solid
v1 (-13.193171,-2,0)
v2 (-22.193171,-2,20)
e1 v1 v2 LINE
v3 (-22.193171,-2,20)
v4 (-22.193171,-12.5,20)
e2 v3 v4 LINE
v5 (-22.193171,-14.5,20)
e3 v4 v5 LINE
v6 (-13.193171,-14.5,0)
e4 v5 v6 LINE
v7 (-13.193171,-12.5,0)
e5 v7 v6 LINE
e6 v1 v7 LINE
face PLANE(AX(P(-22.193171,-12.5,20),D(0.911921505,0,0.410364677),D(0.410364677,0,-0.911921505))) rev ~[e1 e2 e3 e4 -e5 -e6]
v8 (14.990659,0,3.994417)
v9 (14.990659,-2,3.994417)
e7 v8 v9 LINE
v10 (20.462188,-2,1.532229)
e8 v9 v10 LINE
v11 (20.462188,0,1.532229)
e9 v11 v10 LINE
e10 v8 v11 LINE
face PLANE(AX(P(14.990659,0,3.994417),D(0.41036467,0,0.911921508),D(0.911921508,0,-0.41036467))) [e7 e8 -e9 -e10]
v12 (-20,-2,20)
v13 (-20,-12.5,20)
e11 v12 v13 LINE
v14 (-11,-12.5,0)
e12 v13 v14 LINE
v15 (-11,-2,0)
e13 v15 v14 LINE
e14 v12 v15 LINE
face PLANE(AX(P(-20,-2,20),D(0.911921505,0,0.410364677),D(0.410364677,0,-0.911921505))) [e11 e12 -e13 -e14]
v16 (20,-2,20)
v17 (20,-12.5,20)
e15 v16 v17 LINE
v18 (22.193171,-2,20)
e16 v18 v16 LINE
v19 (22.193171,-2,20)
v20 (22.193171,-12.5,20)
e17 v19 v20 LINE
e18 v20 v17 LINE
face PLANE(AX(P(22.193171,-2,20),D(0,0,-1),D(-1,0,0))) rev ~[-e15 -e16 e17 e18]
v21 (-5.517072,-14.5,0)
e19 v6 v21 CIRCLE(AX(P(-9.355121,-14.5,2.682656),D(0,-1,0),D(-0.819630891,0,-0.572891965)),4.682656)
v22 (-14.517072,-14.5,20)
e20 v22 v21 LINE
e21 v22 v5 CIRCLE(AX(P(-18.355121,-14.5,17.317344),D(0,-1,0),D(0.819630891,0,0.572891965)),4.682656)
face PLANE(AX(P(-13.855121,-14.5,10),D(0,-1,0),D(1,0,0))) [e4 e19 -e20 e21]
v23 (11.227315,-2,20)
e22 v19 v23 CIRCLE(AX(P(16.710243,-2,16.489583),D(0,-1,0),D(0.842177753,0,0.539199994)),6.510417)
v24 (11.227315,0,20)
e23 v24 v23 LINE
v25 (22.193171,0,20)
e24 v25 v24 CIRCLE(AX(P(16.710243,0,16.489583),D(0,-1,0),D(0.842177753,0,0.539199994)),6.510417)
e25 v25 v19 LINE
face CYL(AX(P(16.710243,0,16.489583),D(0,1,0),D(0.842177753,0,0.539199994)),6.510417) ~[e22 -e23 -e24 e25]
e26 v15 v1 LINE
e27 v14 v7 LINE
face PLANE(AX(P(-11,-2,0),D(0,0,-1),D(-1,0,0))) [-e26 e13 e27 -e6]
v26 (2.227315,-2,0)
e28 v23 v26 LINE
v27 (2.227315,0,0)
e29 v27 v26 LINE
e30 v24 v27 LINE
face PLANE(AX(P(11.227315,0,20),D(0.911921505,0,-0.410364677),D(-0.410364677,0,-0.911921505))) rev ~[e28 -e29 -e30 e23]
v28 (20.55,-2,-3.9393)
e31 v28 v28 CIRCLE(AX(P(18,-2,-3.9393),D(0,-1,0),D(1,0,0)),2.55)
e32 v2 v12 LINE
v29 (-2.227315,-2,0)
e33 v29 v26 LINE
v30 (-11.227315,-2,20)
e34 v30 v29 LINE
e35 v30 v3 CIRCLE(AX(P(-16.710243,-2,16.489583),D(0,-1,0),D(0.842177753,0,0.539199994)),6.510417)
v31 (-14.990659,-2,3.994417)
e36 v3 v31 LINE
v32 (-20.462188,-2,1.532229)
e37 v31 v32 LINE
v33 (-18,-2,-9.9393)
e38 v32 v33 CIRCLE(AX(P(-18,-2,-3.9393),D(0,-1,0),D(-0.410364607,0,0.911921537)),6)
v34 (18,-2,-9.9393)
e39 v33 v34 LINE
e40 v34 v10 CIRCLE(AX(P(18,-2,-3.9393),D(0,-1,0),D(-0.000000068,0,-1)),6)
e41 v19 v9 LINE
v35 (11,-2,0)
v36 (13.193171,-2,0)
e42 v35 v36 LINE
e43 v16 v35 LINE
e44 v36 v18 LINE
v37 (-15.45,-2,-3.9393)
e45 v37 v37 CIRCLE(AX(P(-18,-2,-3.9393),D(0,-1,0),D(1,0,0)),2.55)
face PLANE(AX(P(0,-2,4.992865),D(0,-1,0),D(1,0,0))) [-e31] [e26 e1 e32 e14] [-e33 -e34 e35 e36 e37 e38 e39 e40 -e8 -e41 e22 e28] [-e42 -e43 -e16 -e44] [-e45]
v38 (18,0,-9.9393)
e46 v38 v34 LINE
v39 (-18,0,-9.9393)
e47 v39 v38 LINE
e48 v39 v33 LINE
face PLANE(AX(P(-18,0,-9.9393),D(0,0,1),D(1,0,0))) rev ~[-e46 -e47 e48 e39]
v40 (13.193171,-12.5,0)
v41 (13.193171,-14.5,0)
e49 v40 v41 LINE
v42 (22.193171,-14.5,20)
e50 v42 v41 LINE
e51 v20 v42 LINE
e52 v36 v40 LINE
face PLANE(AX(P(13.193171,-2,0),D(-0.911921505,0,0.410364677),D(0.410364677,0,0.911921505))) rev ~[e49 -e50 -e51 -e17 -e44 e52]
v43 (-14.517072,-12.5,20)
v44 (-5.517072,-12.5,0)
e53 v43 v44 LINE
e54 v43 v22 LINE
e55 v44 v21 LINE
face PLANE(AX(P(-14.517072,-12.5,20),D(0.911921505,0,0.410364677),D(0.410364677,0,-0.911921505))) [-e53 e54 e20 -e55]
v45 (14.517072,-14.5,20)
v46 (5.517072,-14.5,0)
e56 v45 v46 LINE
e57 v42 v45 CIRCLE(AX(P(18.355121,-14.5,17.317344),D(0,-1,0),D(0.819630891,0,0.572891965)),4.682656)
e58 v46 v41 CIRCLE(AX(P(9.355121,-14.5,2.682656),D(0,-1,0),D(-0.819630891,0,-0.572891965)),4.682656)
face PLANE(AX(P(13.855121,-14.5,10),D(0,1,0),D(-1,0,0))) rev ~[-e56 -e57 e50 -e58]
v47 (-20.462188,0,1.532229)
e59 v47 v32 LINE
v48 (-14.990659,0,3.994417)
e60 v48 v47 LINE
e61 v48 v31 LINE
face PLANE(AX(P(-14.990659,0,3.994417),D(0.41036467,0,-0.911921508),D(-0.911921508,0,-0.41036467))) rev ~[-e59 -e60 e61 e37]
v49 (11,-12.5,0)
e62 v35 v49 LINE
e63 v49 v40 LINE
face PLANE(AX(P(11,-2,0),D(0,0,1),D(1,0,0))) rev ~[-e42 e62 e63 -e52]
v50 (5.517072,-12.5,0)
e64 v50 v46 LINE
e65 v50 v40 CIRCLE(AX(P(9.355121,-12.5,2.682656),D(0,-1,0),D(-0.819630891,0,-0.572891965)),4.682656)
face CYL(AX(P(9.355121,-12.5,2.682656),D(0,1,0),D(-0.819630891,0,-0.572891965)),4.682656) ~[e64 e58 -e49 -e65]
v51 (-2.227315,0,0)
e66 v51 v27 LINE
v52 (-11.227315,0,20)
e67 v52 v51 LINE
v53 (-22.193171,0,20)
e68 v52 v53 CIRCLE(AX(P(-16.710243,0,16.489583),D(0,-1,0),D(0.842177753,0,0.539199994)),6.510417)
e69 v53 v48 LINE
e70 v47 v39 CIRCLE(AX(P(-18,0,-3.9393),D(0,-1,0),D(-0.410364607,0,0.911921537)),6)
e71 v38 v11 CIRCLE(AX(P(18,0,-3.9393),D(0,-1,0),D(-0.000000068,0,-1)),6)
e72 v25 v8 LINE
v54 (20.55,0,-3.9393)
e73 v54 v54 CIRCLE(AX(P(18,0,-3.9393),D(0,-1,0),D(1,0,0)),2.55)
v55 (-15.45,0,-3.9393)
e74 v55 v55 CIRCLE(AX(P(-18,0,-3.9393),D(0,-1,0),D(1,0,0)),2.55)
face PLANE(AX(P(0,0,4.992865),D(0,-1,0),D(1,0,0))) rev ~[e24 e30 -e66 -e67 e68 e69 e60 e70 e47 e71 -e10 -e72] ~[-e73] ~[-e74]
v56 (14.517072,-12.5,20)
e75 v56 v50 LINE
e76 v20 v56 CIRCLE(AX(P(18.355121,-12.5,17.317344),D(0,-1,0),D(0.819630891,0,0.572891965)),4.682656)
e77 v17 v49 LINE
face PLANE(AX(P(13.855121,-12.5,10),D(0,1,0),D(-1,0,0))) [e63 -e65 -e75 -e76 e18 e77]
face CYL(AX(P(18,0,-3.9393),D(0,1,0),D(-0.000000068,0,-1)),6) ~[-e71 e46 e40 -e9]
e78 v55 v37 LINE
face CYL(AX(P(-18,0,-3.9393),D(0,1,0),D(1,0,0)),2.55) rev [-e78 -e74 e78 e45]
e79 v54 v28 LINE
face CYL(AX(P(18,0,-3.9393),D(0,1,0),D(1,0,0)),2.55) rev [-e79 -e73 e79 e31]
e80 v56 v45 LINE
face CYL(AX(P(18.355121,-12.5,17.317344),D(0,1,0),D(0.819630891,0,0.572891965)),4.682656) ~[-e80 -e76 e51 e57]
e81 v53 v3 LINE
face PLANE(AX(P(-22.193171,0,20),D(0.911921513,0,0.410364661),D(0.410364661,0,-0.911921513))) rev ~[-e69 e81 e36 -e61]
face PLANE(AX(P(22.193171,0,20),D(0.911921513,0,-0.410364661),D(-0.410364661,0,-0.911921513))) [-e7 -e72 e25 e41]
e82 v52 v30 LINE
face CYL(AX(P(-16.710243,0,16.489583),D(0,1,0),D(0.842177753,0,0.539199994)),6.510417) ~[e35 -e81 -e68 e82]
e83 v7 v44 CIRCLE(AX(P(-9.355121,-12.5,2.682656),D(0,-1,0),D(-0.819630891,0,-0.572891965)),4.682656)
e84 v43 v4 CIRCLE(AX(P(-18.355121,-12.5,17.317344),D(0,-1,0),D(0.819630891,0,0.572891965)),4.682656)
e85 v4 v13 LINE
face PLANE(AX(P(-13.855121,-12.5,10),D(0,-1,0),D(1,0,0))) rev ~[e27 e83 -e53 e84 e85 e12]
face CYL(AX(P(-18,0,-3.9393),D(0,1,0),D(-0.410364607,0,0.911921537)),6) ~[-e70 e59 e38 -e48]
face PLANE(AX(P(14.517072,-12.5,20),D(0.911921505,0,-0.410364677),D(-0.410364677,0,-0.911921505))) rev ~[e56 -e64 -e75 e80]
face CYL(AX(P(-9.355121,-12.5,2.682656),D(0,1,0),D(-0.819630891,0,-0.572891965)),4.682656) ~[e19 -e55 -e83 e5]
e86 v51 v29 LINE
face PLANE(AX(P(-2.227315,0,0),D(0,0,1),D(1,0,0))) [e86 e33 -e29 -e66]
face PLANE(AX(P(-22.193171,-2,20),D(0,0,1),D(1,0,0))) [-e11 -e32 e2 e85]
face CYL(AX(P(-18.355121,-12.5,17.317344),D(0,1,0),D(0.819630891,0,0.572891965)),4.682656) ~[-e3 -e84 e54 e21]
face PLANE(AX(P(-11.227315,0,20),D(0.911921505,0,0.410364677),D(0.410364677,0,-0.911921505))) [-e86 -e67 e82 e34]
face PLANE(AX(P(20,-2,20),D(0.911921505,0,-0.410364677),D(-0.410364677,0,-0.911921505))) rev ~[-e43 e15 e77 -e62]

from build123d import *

# Parameters (mm, degrees)
SKETCH_R     = 2.55
PAD_DEPTH    = 2
PAD001_DEPTH = 10.5
PAD002_DEPTH = 2


with BuildPart() as part:
    # Sketch → Pad (new body)
    with BuildSketch(Plane.XZ):
        with BuildLine():
            Line((-22.193171, 20), (-14.990659, 3.994417))
            Line((-14.990659, 3.994417), (-20.462188, 1.532229))
            ThreePointArc((-20.462188, 1.532229), (-23.866395, -5.198432), (-18, -9.9393))
            Line((-18, -9.9393), (18, -9.9393))
            ThreePointArc((18, -9.9393), (23.866395, -5.198432), (20.462188, 1.532229))
            Line((14.990659, 3.994417), (20.462188, 1.532229))
            Line((22.193171, 20), (14.990659, 3.994417))
            ThreePointArc((22.193171, 20), (16.710243, 23), (11.227315, 20))
            Line((11.227315, 20), (2.227315, 0))
            Line((-2.227315, 0), (2.227315, 0))
            Line((-11.227315, 20), (-2.227315, 0))
            ThreePointArc((-11.227315, 20), (-16.710243, 23), (-22.193171, 20))
        make_face()
        with Locations((-18, -3.9393)):
            Circle(SKETCH_R, mode=Mode.SUBTRACT)
        with Locations((18, -3.9393)):
            Circle(SKETCH_R, mode=Mode.SUBTRACT)
    extrude(amount=PAD_DEPTH)

    # Sketch001 (on Face16 of Pad) → Pad001 (join)
    with BuildSketch(Plane.XZ.offset(2)):
        Polygon((-20, 20), (-11, 0), (-13.193171, 0), (-22.193171, 20), align=None)
        Polygon((20, 20), (11, 0), (13.193171, 0), (22.193171, 20), align=None)
    extrude(amount=PAD001_DEPTH)

    # Sketch002 (on Face25 of Pad001) → Pad002 (join)
    with BuildSketch(Plane.XZ.offset(12.5)):
        with BuildLine():
            Line((-22.193171, 20), (-13.193171, 0))
            ThreePointArc((-13.193171, 0), (-9.355122, -2), (-5.517072, 0))
            Line((-14.517072, 20), (-5.517072, 0))
            ThreePointArc((-14.517072, 20), (-18.355122, 22), (-22.193171, 20))
        make_face()
        with BuildLine():
            Line((22.193171, 20), (13.193171, 0))
            ThreePointArc((5.517072, 0), (9.355122, -2), (13.193171, 0))
            Line((14.517072, 20), (5.517072, 0))
            ThreePointArc((22.193171, 20), (18.355122, 22), (14.517072, 20))
        make_face()
    extrude(amount=PAD002_DEPTH)


solid = part.part
